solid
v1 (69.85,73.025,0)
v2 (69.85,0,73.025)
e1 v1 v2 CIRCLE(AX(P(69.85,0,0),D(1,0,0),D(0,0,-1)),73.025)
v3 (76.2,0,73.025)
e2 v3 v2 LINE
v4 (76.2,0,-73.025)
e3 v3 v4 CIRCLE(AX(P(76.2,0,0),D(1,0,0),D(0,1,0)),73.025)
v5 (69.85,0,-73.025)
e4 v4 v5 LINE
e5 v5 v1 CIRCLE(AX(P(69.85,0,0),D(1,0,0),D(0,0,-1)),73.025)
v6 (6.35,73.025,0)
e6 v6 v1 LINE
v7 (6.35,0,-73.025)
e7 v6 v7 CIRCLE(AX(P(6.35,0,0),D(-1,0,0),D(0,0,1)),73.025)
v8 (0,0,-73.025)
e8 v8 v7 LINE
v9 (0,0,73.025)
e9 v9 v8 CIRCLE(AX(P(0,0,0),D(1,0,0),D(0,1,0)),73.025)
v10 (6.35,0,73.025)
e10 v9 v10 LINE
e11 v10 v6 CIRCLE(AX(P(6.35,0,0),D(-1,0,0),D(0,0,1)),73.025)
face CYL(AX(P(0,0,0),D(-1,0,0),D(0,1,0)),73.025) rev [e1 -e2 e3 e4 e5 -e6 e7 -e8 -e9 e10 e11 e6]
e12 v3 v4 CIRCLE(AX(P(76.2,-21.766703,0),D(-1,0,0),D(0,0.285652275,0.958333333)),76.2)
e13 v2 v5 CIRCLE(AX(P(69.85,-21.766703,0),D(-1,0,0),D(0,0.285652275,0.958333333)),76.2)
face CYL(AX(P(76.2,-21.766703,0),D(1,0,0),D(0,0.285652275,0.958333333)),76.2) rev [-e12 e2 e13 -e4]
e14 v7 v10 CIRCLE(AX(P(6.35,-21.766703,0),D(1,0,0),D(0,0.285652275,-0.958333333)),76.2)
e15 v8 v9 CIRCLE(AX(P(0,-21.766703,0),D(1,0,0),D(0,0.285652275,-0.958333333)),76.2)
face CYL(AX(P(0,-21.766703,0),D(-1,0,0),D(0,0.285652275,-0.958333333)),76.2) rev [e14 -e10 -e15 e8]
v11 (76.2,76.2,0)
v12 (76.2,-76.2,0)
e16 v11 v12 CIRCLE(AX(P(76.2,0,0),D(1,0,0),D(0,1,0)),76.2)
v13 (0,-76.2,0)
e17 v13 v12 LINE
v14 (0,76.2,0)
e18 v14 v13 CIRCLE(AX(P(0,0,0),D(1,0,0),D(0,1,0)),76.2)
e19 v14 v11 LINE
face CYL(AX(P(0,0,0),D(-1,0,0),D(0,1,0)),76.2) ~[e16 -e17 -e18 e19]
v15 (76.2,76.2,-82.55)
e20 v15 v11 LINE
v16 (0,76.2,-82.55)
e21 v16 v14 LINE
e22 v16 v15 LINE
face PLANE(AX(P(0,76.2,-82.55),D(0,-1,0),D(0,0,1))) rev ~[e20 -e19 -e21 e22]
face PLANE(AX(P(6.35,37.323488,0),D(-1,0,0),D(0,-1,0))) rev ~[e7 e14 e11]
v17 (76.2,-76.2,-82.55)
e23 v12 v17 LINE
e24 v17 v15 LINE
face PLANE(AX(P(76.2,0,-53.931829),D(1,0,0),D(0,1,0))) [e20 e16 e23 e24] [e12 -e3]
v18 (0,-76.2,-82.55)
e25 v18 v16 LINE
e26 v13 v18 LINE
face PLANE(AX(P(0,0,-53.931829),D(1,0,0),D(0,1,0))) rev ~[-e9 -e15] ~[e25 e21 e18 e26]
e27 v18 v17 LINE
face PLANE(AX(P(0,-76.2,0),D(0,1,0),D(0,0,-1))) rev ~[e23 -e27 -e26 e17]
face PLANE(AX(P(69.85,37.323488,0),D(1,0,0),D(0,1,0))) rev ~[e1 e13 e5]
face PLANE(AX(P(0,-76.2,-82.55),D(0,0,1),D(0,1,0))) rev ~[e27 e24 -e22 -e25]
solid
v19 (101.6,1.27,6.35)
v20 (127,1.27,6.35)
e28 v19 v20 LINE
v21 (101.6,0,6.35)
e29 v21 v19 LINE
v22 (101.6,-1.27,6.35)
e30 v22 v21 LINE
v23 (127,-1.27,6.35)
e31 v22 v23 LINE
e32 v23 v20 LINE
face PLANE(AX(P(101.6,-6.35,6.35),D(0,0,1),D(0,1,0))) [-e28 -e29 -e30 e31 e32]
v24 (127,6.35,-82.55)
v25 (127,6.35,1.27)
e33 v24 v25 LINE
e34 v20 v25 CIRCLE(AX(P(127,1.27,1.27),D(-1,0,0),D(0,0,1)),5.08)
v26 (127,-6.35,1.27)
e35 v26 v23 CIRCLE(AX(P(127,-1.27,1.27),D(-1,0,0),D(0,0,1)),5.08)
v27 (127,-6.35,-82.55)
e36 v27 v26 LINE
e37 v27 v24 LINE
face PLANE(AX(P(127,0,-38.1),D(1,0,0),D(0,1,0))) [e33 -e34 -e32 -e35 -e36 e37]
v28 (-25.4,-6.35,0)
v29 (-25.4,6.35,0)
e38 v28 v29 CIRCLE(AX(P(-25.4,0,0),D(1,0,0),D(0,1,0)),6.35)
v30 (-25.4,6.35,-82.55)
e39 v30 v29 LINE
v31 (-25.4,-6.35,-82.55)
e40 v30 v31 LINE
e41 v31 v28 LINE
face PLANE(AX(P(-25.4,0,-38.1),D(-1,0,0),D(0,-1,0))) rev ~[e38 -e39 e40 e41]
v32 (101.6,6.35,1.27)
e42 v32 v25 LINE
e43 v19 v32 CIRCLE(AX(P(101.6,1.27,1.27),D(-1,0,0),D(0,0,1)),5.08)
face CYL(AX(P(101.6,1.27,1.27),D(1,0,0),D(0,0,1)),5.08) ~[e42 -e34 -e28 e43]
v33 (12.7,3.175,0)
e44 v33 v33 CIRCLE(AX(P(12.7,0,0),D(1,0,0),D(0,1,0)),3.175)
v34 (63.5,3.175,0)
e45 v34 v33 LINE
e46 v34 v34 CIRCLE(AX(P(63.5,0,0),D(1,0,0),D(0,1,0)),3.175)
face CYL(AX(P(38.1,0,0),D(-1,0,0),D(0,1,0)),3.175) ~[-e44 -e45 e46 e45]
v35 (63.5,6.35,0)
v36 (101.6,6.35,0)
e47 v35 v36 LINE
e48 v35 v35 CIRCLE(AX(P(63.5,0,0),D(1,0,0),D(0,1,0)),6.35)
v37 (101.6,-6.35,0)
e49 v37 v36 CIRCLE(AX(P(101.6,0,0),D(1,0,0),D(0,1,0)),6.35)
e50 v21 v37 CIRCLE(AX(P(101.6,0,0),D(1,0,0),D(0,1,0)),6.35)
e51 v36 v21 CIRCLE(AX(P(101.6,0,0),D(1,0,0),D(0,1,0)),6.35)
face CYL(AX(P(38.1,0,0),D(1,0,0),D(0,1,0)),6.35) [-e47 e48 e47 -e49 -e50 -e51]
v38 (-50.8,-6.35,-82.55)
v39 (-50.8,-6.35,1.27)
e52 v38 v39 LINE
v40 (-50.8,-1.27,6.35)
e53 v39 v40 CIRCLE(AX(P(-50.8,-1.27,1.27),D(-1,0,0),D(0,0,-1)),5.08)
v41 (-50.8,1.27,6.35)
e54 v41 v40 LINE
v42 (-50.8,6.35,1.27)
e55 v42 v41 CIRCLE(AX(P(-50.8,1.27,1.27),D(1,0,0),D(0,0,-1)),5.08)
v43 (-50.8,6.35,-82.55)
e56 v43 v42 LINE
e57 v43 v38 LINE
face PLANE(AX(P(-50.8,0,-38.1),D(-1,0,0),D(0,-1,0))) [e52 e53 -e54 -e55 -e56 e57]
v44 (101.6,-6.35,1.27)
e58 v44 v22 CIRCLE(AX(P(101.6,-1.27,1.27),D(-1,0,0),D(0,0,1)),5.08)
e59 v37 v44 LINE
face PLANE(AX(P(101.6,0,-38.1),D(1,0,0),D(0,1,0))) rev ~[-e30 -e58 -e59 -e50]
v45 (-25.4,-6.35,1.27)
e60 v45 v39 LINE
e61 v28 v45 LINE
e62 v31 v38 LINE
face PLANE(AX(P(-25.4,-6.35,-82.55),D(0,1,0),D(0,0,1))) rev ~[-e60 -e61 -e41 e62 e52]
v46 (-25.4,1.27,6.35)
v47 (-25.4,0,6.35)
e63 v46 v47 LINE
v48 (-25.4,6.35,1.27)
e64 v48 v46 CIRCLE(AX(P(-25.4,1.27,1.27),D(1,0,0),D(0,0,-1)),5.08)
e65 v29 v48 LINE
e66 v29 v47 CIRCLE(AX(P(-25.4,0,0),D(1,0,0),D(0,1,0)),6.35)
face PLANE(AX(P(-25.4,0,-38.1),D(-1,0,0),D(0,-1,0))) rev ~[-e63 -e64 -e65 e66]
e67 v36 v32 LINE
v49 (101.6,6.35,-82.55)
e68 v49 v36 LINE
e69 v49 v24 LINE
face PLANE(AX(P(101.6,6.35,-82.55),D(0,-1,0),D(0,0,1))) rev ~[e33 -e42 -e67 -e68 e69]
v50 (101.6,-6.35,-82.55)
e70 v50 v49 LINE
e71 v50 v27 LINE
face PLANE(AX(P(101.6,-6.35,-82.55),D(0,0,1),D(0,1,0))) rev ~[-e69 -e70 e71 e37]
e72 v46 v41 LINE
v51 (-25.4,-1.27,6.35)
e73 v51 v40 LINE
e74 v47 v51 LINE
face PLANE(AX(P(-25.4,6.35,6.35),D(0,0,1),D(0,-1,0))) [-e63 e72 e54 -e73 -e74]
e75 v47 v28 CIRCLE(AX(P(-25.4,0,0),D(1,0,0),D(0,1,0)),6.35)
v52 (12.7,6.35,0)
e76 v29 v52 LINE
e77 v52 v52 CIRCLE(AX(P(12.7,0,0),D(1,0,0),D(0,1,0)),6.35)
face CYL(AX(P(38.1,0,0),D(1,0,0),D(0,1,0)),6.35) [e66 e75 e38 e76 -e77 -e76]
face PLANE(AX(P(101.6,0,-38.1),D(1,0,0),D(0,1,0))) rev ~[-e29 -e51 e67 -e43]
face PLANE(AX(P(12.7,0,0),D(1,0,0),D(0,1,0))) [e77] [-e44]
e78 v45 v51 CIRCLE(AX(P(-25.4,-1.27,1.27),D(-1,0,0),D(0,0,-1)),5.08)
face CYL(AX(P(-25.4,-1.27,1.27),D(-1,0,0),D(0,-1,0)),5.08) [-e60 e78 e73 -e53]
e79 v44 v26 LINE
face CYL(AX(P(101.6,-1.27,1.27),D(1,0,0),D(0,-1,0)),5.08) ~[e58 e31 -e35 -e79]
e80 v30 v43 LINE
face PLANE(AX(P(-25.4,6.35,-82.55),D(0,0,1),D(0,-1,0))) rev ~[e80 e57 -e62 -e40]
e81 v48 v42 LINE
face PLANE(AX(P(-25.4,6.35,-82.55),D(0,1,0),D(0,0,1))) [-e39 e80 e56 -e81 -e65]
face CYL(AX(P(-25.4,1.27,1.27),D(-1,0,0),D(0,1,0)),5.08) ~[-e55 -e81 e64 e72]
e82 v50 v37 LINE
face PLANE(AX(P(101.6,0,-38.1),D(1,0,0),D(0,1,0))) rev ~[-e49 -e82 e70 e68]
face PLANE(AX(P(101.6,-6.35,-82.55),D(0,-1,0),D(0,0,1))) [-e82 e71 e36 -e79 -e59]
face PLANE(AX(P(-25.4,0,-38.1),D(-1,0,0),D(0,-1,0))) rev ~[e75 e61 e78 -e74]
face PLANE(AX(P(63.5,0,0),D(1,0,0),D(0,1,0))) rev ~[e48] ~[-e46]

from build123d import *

# Parameters (mm, degrees)
F0_R      = 73.025
F1_DEPTH  = 76.2
F4_DEPTH  = 6.35
F7_DEPTH  = 6.35
F9_R      = 6.35
F10_DEPTH = 63.5
F11_R     = 7.3359072407
F11_R_2   = 3.175
F12_DEPTH = 25.4
F13_DEPTH = 76.2
F14_W     = 12.7
F14_H     = 88.9
F15_DEPTH = 25.4
F16_W     = 12.7
F16_H     = 88.9
F17_DEPTH = 25.4
F18_R     = 5.08


with BuildPart() as f1:
    # F0 (on Right) → F1 (new body)
    with BuildSketch(Plane.YZ):
        with BuildLine():
            ThreePointArc((-76.2, 0), (0, -76.2), (76.2, 0))
            ThreePointArc((76.2, 0), (0, 76.2), (-76.2, 0))
        make_face()
        Circle(F0_R, mode=Mode.SUBTRACT)
    extrude(amount=F1_DEPTH)

    # F3 (on offset) → F4 (join)
    with BuildSketch(Plane.YZ.offset(76.2)):
        with BuildLine():
            ThreePointArc((0, 73.025), (54.4332966437, 0), (0, -73.025))
            ThreePointArc((0, -73.025), (73.025, 0), (0, 73.025))
        make_face()
    extrude(amount=-F4_DEPTH)

    # F6 (on offset) → F7 (join)
    with BuildSketch(Plane(origin=(0, 0, 0), x_dir=(0, -1, 0), z_dir=(-1, 0, 0))):
        with BuildLine():
            ThreePointArc((0, -73.025), (-54.4332966437, 0), (0, 73.025))
            ThreePointArc((0, 73.025), (-73.025, 0), (0, -73.025))
        make_face()
    extrude(amount=-F7_DEPTH)

    # F0 (on Right) → F13 (join)
    with BuildSketch(Plane.YZ):
        with BuildLine():
            Line((76.2, -82.55), (76.2, 0))
            ThreePointArc((76.2, 0), (0, -76.2), (-76.2, 0))
            Line((-76.2, 0), (-76.2, -82.55))
            Line((-76.2, -82.55), (76.2, -82.55))
        make_face()
    extrude(amount=F13_DEPTH)


with BuildPart() as f10:
    # F9 (on offset) → F10 (new body, symmetric)
    with BuildSketch(Plane.YZ.offset(38.1)):
        Circle(F9_R)
    extrude(amount=F10_DEPTH, both=True)

    # F11 (on offset) → F12 (cut, symmetric)
    with BuildSketch(Plane.YZ.offset(38.1)):
        Circle(F11_R)
        Circle(F11_R_2, mode=Mode.SUBTRACT)
    extrude(amount=F12_DEPTH, both=True, mode=Mode.SUBTRACT)

    # F14 (on face) → F15 (join)
    with BuildSketch(Plane(origin=(-25.4, 0, 0), x_dir=(0, -1, 0), z_dir=(-1, 0, 0))):
        with Locations((0, -38.1)):
            Rectangle(F14_W, F14_H)
    extrude(amount=F15_DEPTH)

    # F16 (on face) → F17 (join)
    with BuildSketch(Plane.YZ.offset(101.6)):
        with Locations((0, -38.1)):
            Rectangle(F16_W, F16_H)
    extrude(amount=F17_DEPTH)

    # F18
    f18_edges = [f10.edges().sort_by_distance(p)[0] for p in [
        (-38.1, 6.35, 6.35),
        (-38.1, -6.35, 6.35),
        (114.3, -6.35, 6.35),
        (114.3, 6.35, 6.35),
    ]]
    fillet(f18_edges, radius=F18_R)


solid = Compound([f1.part, f10.part])
